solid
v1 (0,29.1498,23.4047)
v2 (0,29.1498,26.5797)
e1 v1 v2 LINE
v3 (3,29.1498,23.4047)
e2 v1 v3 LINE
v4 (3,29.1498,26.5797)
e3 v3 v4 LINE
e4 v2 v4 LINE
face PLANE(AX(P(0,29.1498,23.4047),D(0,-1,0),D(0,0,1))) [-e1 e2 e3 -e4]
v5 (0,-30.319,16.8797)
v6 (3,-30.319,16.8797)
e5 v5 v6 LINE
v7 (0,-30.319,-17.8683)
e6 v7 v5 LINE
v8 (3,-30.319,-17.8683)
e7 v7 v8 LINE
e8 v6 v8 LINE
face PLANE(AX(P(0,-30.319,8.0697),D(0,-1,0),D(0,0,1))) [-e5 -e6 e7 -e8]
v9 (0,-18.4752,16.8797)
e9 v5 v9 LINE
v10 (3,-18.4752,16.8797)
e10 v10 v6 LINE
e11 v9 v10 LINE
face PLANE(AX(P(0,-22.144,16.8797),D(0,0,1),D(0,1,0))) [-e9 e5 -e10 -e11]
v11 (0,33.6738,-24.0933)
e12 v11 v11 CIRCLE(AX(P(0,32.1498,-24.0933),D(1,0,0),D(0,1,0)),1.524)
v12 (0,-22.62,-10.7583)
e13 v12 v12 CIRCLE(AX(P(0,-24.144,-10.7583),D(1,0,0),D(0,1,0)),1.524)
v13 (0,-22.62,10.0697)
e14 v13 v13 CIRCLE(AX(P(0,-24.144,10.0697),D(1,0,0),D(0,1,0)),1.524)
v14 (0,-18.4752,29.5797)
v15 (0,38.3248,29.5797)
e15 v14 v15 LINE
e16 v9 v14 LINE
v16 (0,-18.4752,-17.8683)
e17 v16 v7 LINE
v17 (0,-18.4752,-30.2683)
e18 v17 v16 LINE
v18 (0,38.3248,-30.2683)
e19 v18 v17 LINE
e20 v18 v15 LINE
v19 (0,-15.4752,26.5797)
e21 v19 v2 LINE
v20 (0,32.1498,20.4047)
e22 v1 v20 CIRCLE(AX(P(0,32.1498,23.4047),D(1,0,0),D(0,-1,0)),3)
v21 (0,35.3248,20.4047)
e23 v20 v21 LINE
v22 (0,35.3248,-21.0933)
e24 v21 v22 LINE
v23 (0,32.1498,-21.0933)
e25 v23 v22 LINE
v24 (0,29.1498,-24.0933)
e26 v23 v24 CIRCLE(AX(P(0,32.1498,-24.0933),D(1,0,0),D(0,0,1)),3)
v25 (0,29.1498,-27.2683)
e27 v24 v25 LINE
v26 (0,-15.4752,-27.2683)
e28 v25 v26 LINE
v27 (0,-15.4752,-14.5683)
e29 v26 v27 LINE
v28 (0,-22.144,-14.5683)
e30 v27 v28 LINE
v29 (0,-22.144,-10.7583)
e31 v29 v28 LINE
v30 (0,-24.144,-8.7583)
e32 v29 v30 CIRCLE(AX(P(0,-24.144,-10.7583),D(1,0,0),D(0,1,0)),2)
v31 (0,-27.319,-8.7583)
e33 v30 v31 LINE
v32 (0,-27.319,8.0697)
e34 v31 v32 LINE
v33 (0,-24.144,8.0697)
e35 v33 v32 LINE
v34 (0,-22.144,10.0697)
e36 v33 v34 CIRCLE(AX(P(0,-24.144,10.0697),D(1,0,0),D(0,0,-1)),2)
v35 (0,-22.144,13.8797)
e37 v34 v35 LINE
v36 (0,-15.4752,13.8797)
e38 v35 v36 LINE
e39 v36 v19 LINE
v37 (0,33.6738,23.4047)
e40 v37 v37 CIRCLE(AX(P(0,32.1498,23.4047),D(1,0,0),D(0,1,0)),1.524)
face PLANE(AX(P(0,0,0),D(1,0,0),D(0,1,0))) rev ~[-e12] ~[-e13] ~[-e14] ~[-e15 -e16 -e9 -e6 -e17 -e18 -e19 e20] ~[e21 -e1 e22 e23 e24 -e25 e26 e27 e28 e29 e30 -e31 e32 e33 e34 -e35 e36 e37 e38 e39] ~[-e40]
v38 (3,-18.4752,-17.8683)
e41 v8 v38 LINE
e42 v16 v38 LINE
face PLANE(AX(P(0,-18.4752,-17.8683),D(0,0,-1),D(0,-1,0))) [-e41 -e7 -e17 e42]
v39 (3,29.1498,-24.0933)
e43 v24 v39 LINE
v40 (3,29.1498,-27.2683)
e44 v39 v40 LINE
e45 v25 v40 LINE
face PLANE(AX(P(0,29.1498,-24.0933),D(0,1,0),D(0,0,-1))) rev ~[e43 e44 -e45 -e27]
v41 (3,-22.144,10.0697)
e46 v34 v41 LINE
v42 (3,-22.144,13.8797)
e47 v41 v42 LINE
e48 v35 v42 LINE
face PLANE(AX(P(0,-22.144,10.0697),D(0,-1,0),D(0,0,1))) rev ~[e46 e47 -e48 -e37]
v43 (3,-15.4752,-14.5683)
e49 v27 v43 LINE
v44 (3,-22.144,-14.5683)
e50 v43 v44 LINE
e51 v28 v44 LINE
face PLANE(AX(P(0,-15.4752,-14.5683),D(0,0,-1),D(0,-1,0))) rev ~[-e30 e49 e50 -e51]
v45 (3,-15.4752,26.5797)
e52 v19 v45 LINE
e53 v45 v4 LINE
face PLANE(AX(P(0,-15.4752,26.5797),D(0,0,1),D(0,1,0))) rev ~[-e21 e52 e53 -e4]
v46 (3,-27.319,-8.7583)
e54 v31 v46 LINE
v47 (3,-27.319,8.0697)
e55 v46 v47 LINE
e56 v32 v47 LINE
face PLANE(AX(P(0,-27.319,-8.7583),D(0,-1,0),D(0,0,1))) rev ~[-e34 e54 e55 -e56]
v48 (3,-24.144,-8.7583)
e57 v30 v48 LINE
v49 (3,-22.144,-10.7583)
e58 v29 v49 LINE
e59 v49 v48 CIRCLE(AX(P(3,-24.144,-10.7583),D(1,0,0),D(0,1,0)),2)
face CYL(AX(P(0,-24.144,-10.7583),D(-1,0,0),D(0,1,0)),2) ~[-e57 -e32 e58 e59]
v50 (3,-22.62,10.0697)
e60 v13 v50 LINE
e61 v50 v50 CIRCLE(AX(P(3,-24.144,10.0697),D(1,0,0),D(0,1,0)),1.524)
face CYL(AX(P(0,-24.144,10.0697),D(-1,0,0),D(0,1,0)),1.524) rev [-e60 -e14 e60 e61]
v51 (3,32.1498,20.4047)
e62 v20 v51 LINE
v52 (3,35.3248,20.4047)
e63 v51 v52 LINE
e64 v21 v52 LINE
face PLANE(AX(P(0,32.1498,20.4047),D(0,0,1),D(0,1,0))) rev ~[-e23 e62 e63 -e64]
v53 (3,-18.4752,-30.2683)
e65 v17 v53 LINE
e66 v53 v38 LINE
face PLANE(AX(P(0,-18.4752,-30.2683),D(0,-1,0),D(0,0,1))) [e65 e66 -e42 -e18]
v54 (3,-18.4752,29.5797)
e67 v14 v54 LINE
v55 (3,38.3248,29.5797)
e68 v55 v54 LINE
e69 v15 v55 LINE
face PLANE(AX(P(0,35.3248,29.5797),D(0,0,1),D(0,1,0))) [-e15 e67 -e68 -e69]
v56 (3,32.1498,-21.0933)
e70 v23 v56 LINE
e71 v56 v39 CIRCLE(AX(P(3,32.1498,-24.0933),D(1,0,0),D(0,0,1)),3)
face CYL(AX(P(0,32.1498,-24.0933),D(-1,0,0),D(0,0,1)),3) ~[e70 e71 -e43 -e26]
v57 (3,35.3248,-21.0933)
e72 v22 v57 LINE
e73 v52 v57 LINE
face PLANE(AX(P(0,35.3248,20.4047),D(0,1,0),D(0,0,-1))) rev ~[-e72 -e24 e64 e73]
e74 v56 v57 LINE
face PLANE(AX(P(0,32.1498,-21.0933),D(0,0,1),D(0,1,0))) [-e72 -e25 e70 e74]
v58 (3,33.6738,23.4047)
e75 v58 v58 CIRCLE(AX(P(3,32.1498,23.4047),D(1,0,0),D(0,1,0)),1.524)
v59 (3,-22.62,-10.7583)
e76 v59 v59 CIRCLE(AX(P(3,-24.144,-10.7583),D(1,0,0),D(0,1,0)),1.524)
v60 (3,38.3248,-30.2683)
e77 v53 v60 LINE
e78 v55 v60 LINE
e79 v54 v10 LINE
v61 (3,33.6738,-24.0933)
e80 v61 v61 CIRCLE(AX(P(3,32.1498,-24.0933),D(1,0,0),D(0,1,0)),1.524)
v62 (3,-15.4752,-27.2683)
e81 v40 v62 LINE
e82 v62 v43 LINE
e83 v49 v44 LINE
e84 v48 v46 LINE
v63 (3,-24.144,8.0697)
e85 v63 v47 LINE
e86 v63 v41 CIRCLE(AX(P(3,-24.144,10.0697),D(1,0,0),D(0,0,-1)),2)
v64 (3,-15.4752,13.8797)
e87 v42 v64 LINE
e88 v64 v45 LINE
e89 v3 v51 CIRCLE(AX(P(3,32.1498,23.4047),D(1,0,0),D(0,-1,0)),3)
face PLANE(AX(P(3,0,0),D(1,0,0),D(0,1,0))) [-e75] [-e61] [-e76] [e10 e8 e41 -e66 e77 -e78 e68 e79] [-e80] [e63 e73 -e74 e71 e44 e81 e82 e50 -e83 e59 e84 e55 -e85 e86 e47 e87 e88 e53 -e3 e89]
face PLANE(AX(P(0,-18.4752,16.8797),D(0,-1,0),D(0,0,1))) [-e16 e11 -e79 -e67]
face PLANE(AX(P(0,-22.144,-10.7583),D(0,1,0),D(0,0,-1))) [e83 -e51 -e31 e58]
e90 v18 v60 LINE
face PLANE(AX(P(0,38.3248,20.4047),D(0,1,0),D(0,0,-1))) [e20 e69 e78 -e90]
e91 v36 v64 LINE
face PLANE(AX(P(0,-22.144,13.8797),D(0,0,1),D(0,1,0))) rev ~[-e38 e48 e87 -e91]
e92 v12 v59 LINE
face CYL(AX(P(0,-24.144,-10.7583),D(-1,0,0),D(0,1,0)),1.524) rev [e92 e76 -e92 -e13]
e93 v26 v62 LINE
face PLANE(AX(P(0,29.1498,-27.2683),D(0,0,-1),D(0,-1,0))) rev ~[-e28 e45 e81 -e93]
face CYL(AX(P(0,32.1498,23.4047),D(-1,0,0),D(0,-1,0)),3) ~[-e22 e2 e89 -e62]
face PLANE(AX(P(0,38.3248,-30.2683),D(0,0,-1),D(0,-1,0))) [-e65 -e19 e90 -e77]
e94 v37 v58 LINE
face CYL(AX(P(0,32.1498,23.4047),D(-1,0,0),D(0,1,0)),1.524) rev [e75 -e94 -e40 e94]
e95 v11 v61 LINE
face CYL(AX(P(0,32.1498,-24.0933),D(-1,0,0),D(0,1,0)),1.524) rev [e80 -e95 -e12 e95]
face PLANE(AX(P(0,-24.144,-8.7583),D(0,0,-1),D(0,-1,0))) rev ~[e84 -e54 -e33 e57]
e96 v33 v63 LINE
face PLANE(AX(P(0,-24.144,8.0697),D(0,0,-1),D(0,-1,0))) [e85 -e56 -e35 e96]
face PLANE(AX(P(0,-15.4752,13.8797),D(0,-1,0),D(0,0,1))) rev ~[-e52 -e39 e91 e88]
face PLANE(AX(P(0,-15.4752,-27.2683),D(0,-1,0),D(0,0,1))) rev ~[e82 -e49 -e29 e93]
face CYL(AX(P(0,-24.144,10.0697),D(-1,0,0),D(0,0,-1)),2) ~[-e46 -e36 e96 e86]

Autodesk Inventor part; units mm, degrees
ref_plane "YZ Plane" through (0, 0, 0) normal (1, 0, 0) x (0, 1, 0)
ref_plane "XZ Plane" through (0, 0, 0) normal (0, 1, 0) x (-1, 0, 0)
ref_plane "XY Plane" through (0, 0, 0) normal (0, 0, 1) x (1, 0, 0)
sketch "Sketch1" plane through (0, 0, 0) normal (1, 0, 0) x (0, 1, 0)
  line L0 (35.3248, 20.4047) -> (35.3248, -21.0933)
  line L1 (29.1498, -27.2683) -> (-15.4752, -27.2683)
  line L2 (-15.4752, -27.2683) -> (-15.4752, -14.5683)
  line L3 (-15.4752, -14.5683) -> (-22.144, -14.5683)
  line L4 (-27.319, -8.7583) -> (-27.319, 8.0697)
  line L5 (-22.144, 13.8797) -> (-15.4752, 13.8797)
  line L6 (-15.4752, 13.8797) -> (-15.4752, 26.5797)
  line L7 (-15.4752, 26.5797) -> (29.1498, 26.5797)
  circle A0 centre (32.1498, 23.4047) radius 1.524
  circle A1 centre (32.1498, -24.0933) radius 1.524
  circle A2 centre (-24.144, -10.7583) radius 1.524
  circle A3 centre (-24.144, 10.0697) radius 1.524
  arc A4 (32.1498, -21.0933) -> (29.1498, -24.0933) centre (32.1498, -24.0933) ccw
  line L8 (29.1498, -24.0933) -> (29.1498, -27.2683)
  line L9 (32.1498, -21.0933) -> (35.3248, -21.0933)
  line L10 (38.3248, -21.0933) -> (38.3248, -27.2683)
  line L11 (38.3248, -27.2683) -> (38.3248, -30.2683)
  line L12 (38.3248, -30.2683) -> (-15.4752, -30.2683)
  line L13 (-15.4752, -30.2683) -> (-18.4752, -30.2683)
  line L14 (-18.4752, -30.2683) -> (-18.4752, -17.8683)
  line L15 (-18.4752, -17.8683) -> (-27.319, -17.8683)
  line L16 (-27.319, -17.8683) -> (-30.319, -17.8683)
  line L17 (-30.319, -17.8683) -> (-30.319, 13.8797)
  line L18 (-30.319, 13.8797) -> (-30.319, 16.8797)
  line L19 (-30.319, 16.8797) -> (-18.4752, 16.8797)
  line L20 (-18.4752, 16.8797) -> (-18.4752, 26.5797)
  line L21 (-18.4752, 26.5797) -> (-18.4752, 29.5797)
  line L22 (-18.4752, 29.5797) -> (35.3248, 29.5797)
  line L23 (35.3248, 29.5797) -> (38.3248, 29.5797)
  line L24 (38.3248, 29.5797) -> (38.3248, -21.0933)
  line L25 (32.1498, 20.4047) -> (38.3248, 20.4047)
  line L26 (29.1498, 23.4047) -> (29.1498, 29.5797)
  arc A5 (29.1498, 23.4047) -> (32.1498, 20.4047) centre (32.1498, 23.4047) ccw
  line L27 (-24.144, 8.0697) -> (-30.319, 8.0697)
  line L28 (-22.144, 10.0697) -> (-22.144, 16.8797)
  arc A6 (-24.144, 8.0697) -> (-22.144, 10.0697) centre (-24.144, 10.0697) ccw
  line L29 (-24.144, -10.7583) -> (-22.144, -10.7583) construction
  line L30 (-24.144, -8.7583) -> (-30.319, -8.7583)
  line L31 (-22.144, -10.7583) -> (-22.144, -17.8683)
  arc A7 (-22.144, -10.7583) -> (-24.144, -8.7583) centre (-24.144, -10.7583) ccw
  line L32 (35.3248, -21.0933) -> (38.3248, -21.0933)
  line L33 (29.1498, -27.2683) -> (29.1498, -30.2683)
  point P0 (0, 0)
  point P1 (0, 0)
extrude "Extrusion1" add sketch "Sketch1" along normal blind 3 contours L25 L24 L32 L0 | L25 A5 L26 L22 L23 L24 | L32 L10 L11 L12 L33 L8 A4 L9 | L7 L6 L5 L28 L19 L20 L21 L22 L26 | L33 L12 L13 L14 L15 L31 L3 L2 L1 | L28 A6 L27 L17 L18 L19 | L31 L15 L16 L17 L30 A7 | L4 L30 L17 L27
properties part number "pixy mount"
